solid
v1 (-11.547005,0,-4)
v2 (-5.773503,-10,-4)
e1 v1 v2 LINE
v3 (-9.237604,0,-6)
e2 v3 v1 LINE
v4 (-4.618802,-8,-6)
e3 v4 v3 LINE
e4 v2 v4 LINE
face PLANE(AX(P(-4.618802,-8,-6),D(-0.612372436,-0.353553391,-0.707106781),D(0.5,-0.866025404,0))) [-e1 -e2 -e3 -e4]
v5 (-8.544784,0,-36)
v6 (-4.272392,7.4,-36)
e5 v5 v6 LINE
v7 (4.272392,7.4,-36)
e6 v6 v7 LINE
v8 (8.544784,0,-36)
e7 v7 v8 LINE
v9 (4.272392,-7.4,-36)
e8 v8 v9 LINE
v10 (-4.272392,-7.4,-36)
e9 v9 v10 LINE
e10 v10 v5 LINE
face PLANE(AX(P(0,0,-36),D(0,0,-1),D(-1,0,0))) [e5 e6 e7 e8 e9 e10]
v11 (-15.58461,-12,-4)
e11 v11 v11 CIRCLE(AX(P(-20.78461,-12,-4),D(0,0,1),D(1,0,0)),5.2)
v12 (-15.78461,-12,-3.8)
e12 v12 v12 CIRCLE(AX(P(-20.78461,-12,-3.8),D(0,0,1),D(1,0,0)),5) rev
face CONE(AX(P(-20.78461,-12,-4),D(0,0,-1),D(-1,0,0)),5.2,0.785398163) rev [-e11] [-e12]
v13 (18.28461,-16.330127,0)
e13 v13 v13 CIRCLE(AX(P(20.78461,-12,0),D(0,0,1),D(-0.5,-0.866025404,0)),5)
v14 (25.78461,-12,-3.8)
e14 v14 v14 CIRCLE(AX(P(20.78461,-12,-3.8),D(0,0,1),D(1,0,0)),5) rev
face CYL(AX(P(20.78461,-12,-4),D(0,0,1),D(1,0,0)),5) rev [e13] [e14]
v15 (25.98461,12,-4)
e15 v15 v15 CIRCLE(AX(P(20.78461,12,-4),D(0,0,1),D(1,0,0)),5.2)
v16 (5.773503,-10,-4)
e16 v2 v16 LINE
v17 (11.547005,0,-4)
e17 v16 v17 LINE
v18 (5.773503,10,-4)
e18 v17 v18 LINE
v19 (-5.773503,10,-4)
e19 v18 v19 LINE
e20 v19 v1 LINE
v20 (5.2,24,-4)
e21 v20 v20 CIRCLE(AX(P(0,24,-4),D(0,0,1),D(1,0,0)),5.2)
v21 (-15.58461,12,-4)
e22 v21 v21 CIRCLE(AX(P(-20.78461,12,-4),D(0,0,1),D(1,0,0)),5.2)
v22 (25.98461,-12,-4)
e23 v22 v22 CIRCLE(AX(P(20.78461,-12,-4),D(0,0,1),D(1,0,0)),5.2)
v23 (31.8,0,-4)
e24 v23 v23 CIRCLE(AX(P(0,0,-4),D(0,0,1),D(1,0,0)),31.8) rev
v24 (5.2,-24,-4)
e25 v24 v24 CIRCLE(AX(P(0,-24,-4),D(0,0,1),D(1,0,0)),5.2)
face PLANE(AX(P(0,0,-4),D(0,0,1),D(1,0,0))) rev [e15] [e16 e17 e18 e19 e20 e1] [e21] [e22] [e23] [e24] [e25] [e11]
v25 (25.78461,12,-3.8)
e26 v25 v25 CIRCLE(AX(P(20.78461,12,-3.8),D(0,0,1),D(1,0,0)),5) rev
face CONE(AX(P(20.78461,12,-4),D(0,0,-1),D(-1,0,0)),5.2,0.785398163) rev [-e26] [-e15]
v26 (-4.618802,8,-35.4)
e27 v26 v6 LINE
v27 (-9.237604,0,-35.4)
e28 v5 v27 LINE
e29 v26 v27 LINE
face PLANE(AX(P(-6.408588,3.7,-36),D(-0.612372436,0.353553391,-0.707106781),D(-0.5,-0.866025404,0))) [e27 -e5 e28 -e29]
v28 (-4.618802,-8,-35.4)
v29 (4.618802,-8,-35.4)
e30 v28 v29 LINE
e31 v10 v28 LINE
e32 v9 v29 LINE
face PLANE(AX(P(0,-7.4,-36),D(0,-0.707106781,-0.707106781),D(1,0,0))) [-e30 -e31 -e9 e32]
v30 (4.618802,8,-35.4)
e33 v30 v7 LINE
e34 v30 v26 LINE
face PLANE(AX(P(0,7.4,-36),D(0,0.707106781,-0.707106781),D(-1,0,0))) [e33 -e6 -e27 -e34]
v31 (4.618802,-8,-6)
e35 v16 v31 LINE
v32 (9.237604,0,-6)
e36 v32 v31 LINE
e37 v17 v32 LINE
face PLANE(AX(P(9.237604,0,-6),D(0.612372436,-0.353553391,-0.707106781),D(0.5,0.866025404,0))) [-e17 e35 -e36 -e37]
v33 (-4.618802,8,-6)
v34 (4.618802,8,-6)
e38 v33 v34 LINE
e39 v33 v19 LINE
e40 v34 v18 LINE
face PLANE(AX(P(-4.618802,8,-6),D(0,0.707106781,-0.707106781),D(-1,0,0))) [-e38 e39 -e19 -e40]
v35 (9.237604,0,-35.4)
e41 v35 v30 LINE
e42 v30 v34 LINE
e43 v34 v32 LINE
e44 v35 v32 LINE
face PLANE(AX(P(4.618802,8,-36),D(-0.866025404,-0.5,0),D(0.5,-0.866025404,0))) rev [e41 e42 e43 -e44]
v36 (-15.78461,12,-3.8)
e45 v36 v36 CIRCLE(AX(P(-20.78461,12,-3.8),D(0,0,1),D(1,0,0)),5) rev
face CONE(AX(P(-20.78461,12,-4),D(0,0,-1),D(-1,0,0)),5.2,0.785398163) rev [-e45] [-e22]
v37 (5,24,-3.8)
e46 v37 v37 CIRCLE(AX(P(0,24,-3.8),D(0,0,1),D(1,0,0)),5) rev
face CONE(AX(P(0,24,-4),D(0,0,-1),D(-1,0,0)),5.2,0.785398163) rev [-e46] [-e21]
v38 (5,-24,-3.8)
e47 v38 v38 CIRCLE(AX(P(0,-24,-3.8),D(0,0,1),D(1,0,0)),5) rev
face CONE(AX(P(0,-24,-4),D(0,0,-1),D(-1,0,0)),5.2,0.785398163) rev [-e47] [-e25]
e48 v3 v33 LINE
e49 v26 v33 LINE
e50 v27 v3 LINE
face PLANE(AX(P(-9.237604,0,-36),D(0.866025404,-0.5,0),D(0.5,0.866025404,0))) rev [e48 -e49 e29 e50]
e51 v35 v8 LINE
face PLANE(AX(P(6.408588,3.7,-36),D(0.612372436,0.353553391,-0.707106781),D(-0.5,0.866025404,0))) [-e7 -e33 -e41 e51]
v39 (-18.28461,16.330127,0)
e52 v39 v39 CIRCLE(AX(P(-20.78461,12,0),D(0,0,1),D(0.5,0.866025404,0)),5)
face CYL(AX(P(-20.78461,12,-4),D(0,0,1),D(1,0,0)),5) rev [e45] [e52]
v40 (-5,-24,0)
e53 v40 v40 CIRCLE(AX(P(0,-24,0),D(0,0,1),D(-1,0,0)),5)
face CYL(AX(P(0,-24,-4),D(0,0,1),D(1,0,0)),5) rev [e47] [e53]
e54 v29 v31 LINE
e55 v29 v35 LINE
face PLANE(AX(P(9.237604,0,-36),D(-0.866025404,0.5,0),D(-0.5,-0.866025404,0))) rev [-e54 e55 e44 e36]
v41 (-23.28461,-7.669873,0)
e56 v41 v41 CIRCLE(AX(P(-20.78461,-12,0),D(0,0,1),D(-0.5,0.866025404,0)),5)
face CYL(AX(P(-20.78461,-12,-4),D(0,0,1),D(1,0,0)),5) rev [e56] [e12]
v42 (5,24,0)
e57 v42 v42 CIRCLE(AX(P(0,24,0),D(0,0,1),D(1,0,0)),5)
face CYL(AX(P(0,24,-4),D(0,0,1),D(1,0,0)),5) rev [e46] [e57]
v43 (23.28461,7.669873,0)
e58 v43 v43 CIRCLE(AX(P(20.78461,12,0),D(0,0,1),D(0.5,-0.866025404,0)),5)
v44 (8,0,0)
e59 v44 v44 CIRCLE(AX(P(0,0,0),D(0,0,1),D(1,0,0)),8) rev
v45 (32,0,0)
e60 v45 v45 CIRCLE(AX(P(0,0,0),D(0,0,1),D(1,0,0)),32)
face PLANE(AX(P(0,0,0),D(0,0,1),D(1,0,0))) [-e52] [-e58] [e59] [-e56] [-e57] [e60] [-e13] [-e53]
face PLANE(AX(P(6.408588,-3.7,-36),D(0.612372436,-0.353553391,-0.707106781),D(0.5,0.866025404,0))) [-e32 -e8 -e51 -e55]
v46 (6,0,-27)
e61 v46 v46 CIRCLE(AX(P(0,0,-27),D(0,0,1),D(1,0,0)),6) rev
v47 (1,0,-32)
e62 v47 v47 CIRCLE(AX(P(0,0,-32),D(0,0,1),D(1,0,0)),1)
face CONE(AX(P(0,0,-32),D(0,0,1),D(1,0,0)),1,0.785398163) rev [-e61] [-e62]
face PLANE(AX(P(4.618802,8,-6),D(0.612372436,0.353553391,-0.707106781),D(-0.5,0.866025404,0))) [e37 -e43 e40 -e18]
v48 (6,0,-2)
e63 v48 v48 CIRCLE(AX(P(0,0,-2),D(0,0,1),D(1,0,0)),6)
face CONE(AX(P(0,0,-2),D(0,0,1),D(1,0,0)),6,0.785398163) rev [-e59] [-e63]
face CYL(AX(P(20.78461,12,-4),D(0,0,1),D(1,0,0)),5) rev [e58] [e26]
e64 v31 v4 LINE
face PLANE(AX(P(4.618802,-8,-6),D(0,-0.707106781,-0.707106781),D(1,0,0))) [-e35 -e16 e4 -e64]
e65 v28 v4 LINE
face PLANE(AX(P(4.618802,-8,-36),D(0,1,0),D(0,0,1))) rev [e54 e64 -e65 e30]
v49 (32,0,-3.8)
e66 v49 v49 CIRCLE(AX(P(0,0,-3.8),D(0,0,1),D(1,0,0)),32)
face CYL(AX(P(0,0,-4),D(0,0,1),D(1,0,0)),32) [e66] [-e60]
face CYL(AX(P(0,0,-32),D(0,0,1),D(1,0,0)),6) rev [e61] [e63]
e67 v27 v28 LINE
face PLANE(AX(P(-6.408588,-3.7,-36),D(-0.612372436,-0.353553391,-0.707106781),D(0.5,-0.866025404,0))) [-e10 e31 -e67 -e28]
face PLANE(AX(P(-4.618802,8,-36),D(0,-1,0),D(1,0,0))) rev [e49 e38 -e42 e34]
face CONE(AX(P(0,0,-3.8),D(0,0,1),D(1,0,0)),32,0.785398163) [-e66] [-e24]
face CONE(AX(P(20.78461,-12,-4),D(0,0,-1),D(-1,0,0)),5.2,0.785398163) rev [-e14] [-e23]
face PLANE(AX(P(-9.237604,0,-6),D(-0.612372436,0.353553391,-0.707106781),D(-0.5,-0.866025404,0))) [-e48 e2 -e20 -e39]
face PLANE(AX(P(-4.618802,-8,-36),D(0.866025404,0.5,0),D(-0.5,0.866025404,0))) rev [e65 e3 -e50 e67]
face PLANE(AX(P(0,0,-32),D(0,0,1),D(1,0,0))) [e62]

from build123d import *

# Parameters (mm, degrees)
SKETCH1_R           = 32
BOSS_EXTRUDE1_DEPTH = 4
SKETCH2_R           = 5
CUT_EXTRUDE1_DEPTH  = 5
CIRPATTERN1_COUNT   = 6
BOSS_EXTRUDE2_DEPTH = 32
CHAMFER1_SIZE       = 2
CHAMFER2_SIZE       = 0.2
SKETCH4_R           = 6
CUT_EXTRUDE2_DEPTH  = 32
CHAMFER3_SIZE       = 0.6
CHAMFER4_SIZE       = 5
CHAMFER5_SIZE       = 2


with BuildPart() as part:
    # Sketch1 → Boss-Extrude1 (new body)
    with BuildSketch(Plane.XY):
        Circle(SKETCH1_R)
    extrude(amount=-BOSS_EXTRUDE1_DEPTH)

    # Sketch2 → Cut-Extrude1 (cut, through all)
    with BuildSketch(Plane.XY):
        with Locations((0, 24)):
            Circle(SKETCH2_R)
    cut_extrude1 = extrude(amount=-CUT_EXTRUDE1_DEPTH, mode=Mode.SUBTRACT)

    # CirPattern1: Cut-Extrude1 ×6 about axis
    cirpattern1_axis = Axis((0, 0, 0), (0, 0, 1))
    for i in range(1, CIRPATTERN1_COUNT):
        add(cut_extrude1.rotate(cirpattern1_axis, i * 360 / CIRPATTERN1_COUNT), mode=Mode.SUBTRACT)

    # Sketch3 → Boss-Extrude2 (add)
    with BuildSketch(Plane(origin=(0, 0, -4), x_dir=(-1, 0, 0), z_dir=(0, 0, -1))):
        Polygon((-4.618802154, 8), (-9.237604307, 0), (-4.618802154, -8), (4.618802154, -8), (9.237604307, 0), (4.618802154, 8), align=None)
    extrude(amount=BOSS_EXTRUDE2_DEPTH)

    # Chamfer1
    chamfer1_edges = [part.edges().sort_by_distance(p)[0] for p in [
        (0, 8, -4),
        (6.92820323, 4, -4),
        (6.92820323, -4, -4),
        (0, -8, -4),
        (-6.92820323, -4, -4),
        (-6.92820323, 4, -4),
    ]]
    chamfer(chamfer1_edges, length=CHAMFER1_SIZE)

    # Chamfer2
    chamfer2_edges = [part.edges().sort_by_distance(p)[0] for p in [
        (-23.284609691, 7.669872981, -4),
        (-18.284609691, -16.330127019, -4),
        (5, -24, -4),
        (23.284609691, -7.669872981, -4),
        (18.284609691, 16.330127019, -4),
        (-32, 0, -4),
        (-5, 24, -4),
    ]]
    chamfer(chamfer2_edges, length=CHAMFER2_SIZE)

    # Sketch4 → Cut-Extrude2 (cut)
    with BuildSketch(Plane.XY):
        Circle(SKETCH4_R)
    extrude(amount=-CUT_EXTRUDE2_DEPTH, mode=Mode.SUBTRACT)

    # Chamfer3
    chamfer3_edges = [part.edges().sort_by_distance(p)[0] for p in [
        (0, 8, -36),
        (6.92820323, 4, -36),
        (6.92820323, -4, -36),
        (0, -8, -36),
        (-6.92820323, -4, -36),
        (-6.92820323, 4, -36),
    ]]
    chamfer(chamfer3_edges, length=CHAMFER3_SIZE)

    # Chamfer4
    chamfer4_edges = [part.edges().sort_by_distance(p)[0] for p in [
        (-6, 0, -32),
    ]]
    chamfer(chamfer4_edges, length=CHAMFER4_SIZE)

    # Chamfer5
    chamfer5_edges = [part.edges().sort_by_distance(p)[0] for p in [
        (-6, 0, 0),
    ]]
    chamfer(chamfer5_edges, length=CHAMFER5_SIZE)


solid = part.part
